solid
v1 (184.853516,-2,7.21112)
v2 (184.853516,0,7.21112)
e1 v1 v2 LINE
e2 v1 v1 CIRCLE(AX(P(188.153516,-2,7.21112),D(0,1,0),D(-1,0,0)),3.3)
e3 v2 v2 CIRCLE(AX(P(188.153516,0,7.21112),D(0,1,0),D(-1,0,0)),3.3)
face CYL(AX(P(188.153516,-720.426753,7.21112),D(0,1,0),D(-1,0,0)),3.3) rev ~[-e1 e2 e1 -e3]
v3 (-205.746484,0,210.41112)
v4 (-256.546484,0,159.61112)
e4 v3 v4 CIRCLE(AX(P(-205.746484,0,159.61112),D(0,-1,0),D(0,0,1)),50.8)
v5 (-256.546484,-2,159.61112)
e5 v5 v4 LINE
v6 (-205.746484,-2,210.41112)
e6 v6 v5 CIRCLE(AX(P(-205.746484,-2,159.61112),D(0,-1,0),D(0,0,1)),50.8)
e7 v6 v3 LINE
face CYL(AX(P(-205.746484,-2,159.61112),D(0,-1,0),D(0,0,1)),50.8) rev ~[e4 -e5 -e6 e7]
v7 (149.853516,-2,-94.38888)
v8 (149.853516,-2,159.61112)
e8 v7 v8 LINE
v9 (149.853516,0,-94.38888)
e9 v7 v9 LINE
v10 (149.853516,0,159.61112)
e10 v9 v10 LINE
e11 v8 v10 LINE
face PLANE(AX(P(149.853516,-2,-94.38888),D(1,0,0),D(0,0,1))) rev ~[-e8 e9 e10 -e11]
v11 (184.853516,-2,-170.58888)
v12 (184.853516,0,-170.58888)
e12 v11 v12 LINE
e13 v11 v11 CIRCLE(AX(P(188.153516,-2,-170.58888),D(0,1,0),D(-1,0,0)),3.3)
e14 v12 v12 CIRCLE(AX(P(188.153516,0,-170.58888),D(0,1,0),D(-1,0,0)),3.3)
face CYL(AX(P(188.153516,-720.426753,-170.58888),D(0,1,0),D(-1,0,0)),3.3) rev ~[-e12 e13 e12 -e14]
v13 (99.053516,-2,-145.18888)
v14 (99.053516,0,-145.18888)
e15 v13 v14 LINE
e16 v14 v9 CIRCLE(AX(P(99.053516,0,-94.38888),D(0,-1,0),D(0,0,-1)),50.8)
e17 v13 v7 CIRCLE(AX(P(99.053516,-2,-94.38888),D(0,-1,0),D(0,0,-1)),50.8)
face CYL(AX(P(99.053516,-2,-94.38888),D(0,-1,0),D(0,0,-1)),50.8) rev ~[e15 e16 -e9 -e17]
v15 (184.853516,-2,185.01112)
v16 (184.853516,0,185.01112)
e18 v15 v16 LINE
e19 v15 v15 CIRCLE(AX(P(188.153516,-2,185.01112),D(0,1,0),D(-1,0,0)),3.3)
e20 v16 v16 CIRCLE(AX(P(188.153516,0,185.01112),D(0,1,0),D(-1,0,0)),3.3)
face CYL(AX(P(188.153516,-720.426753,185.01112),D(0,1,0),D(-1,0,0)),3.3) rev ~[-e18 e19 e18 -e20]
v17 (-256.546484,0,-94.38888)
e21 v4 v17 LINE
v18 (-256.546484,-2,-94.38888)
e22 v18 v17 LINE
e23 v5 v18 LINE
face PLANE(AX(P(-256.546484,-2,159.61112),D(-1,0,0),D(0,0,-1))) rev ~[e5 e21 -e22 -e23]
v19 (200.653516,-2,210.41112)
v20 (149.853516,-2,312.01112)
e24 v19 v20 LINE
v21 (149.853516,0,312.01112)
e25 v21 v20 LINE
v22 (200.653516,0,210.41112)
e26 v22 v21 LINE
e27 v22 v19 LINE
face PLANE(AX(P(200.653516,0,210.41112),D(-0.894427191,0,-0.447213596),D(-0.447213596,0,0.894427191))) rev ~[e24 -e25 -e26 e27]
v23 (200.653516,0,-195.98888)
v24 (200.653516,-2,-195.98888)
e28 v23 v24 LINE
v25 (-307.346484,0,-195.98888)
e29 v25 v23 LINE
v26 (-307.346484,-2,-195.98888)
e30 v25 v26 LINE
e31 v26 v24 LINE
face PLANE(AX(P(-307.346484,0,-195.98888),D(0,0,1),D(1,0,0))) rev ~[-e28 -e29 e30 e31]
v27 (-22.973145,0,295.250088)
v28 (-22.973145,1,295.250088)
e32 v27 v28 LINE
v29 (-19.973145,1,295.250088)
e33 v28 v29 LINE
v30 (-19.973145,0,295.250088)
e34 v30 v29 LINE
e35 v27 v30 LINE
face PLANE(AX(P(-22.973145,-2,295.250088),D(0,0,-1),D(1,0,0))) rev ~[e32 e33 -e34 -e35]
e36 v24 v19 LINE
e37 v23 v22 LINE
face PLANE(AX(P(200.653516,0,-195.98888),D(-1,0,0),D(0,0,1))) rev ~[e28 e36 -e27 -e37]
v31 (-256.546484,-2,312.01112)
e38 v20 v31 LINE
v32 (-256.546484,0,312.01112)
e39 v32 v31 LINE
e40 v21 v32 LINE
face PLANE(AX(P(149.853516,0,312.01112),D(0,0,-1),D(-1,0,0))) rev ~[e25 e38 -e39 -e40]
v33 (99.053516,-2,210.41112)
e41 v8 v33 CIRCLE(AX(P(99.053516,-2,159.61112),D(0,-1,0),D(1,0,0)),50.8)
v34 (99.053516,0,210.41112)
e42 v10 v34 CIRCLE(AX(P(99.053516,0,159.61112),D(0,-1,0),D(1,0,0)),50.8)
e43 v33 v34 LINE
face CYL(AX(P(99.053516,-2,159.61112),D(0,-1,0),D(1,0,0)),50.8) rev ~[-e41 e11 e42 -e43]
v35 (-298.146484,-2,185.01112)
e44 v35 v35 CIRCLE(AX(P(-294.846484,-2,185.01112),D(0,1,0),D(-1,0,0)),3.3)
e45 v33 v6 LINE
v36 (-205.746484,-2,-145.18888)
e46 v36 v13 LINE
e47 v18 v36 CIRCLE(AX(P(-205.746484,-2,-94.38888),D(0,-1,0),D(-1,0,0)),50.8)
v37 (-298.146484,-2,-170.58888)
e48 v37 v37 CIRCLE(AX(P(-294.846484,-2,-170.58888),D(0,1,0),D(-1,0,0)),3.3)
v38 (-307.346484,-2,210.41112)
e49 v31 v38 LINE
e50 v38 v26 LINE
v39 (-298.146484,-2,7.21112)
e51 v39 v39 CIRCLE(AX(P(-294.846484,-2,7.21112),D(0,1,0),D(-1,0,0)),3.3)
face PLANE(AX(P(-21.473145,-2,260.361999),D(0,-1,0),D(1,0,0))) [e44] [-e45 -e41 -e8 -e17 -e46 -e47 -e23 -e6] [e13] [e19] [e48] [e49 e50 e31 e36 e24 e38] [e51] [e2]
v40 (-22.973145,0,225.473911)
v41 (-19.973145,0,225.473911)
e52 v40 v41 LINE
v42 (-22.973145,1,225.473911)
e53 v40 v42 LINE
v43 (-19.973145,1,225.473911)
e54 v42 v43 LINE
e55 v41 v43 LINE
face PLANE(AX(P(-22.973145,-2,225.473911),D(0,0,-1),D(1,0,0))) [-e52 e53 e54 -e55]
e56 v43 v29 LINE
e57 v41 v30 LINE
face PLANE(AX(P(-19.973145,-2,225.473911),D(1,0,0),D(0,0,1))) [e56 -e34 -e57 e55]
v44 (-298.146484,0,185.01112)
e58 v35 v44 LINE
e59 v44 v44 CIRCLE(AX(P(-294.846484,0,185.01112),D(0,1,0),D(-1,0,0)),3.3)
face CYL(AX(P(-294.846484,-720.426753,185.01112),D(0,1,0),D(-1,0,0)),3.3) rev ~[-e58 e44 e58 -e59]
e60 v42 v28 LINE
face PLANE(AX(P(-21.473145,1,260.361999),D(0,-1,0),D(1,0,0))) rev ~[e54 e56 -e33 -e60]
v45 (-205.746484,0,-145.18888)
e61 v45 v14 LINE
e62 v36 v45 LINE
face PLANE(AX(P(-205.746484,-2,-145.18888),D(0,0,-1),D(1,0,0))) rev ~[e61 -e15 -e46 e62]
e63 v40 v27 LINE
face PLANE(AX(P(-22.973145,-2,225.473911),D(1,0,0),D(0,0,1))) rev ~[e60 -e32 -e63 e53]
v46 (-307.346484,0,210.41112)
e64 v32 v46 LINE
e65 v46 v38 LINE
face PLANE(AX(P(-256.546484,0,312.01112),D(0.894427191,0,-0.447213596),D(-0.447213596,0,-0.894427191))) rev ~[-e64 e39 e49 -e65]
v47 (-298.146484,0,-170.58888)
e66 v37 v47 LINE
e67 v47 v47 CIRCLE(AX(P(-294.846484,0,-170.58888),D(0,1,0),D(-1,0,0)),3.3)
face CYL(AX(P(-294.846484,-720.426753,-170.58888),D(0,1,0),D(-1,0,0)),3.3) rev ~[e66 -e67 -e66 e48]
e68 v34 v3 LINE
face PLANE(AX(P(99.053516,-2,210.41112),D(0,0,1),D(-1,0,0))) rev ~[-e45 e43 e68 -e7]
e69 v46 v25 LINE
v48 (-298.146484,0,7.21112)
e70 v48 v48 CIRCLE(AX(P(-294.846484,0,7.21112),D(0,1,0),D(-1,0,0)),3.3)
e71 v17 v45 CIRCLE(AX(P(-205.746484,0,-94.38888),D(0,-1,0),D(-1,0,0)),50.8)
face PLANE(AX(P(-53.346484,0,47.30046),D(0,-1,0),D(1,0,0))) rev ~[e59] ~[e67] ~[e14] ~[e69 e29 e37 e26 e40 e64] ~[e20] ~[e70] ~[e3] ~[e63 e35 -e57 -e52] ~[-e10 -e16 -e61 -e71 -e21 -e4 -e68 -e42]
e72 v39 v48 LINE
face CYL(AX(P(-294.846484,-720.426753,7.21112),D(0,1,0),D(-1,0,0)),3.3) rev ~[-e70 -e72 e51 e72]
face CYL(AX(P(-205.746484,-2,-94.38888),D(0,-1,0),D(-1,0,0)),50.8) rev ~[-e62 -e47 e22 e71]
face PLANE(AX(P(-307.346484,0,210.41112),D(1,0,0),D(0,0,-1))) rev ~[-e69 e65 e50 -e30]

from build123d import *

# Parameters (mm, degrees)
F1_DEPTH = 2
F3_DEPTH = 2.001
F4_W     = 3
F4_H     = 69.7761774063
F5_DEPTH = 3
F7_D     = 6.6


with BuildPart() as f1:
    # F0 (on Front) → F1 (new body)
    with BuildSketch(Plane.XZ):
        Polygon((-307.3464844827, 210.4111198679), (-307.3464844827, -195.9888801321), (200.6535155173, -195.9888801321), (200.6535155173, 210.4111198679), (149.8535155173, 312.0111198679), (-256.5464844827, 312.0111198679), align=None)
    extrude(amount=F1_DEPTH)

    # F2 (on face) → F3 (cut, through all)
    with BuildSketch(Plane.XZ.offset(2)):
        with BuildLine():
            Line((99.0535155173, 210.4111198679), (-205.7464844827, 210.4111198679))
            ThreePointArc((-205.7464844827, 210.4111198679), (-241.667508967, 195.5321443521), (-256.5464844827, 159.6111198679))
            Line((-256.5464844827, 159.6111198679), (-256.5464844827, -94.3888801321))
            ThreePointArc((-256.5464844827, -94.3888801321), (-241.667508967, -130.3099046164), (-205.7464844827, -145.1888801321))
            Line((-205.7464844827, -145.1888801321), (99.0535155173, -145.1888801321))
            ThreePointArc((99.0535155173, -145.1888801321), (134.9745400016, -130.3099046164), (149.8535155173, -94.3888801321))
            Line((149.8535155173, -94.3888801321), (149.8535155173, 159.6111198679))
            ThreePointArc((149.8535155173, 159.6111198679), (134.9745400016, 195.5321443521), (99.0535155173, 210.4111198679))
        make_face()
    extrude(amount=-F3_DEPTH, mode=Mode.SUBTRACT)

    # F4 (on face) → F5 (join)
    with BuildSketch(Plane.XZ.offset(2)):
        with Locations((-21.4731446389, 260.3619992733)):
            Rectangle(F4_W, F4_H)
    extrude(amount=-F5_DEPTH)

    # F7 (through all)
    with Locations(Plane.XZ.offset(2)):
        with Locations((-294.8464844827, 185.0111198679), (-294.8464844827, 7.2111198679), (-294.8464844827, -170.5888801321), (188.1535155173, -170.5888801321), (188.1535155173, 7.2111198679), (188.1535155173, 185.0111198679)):
            Hole(F7_D / 2)


solid = f1.part
